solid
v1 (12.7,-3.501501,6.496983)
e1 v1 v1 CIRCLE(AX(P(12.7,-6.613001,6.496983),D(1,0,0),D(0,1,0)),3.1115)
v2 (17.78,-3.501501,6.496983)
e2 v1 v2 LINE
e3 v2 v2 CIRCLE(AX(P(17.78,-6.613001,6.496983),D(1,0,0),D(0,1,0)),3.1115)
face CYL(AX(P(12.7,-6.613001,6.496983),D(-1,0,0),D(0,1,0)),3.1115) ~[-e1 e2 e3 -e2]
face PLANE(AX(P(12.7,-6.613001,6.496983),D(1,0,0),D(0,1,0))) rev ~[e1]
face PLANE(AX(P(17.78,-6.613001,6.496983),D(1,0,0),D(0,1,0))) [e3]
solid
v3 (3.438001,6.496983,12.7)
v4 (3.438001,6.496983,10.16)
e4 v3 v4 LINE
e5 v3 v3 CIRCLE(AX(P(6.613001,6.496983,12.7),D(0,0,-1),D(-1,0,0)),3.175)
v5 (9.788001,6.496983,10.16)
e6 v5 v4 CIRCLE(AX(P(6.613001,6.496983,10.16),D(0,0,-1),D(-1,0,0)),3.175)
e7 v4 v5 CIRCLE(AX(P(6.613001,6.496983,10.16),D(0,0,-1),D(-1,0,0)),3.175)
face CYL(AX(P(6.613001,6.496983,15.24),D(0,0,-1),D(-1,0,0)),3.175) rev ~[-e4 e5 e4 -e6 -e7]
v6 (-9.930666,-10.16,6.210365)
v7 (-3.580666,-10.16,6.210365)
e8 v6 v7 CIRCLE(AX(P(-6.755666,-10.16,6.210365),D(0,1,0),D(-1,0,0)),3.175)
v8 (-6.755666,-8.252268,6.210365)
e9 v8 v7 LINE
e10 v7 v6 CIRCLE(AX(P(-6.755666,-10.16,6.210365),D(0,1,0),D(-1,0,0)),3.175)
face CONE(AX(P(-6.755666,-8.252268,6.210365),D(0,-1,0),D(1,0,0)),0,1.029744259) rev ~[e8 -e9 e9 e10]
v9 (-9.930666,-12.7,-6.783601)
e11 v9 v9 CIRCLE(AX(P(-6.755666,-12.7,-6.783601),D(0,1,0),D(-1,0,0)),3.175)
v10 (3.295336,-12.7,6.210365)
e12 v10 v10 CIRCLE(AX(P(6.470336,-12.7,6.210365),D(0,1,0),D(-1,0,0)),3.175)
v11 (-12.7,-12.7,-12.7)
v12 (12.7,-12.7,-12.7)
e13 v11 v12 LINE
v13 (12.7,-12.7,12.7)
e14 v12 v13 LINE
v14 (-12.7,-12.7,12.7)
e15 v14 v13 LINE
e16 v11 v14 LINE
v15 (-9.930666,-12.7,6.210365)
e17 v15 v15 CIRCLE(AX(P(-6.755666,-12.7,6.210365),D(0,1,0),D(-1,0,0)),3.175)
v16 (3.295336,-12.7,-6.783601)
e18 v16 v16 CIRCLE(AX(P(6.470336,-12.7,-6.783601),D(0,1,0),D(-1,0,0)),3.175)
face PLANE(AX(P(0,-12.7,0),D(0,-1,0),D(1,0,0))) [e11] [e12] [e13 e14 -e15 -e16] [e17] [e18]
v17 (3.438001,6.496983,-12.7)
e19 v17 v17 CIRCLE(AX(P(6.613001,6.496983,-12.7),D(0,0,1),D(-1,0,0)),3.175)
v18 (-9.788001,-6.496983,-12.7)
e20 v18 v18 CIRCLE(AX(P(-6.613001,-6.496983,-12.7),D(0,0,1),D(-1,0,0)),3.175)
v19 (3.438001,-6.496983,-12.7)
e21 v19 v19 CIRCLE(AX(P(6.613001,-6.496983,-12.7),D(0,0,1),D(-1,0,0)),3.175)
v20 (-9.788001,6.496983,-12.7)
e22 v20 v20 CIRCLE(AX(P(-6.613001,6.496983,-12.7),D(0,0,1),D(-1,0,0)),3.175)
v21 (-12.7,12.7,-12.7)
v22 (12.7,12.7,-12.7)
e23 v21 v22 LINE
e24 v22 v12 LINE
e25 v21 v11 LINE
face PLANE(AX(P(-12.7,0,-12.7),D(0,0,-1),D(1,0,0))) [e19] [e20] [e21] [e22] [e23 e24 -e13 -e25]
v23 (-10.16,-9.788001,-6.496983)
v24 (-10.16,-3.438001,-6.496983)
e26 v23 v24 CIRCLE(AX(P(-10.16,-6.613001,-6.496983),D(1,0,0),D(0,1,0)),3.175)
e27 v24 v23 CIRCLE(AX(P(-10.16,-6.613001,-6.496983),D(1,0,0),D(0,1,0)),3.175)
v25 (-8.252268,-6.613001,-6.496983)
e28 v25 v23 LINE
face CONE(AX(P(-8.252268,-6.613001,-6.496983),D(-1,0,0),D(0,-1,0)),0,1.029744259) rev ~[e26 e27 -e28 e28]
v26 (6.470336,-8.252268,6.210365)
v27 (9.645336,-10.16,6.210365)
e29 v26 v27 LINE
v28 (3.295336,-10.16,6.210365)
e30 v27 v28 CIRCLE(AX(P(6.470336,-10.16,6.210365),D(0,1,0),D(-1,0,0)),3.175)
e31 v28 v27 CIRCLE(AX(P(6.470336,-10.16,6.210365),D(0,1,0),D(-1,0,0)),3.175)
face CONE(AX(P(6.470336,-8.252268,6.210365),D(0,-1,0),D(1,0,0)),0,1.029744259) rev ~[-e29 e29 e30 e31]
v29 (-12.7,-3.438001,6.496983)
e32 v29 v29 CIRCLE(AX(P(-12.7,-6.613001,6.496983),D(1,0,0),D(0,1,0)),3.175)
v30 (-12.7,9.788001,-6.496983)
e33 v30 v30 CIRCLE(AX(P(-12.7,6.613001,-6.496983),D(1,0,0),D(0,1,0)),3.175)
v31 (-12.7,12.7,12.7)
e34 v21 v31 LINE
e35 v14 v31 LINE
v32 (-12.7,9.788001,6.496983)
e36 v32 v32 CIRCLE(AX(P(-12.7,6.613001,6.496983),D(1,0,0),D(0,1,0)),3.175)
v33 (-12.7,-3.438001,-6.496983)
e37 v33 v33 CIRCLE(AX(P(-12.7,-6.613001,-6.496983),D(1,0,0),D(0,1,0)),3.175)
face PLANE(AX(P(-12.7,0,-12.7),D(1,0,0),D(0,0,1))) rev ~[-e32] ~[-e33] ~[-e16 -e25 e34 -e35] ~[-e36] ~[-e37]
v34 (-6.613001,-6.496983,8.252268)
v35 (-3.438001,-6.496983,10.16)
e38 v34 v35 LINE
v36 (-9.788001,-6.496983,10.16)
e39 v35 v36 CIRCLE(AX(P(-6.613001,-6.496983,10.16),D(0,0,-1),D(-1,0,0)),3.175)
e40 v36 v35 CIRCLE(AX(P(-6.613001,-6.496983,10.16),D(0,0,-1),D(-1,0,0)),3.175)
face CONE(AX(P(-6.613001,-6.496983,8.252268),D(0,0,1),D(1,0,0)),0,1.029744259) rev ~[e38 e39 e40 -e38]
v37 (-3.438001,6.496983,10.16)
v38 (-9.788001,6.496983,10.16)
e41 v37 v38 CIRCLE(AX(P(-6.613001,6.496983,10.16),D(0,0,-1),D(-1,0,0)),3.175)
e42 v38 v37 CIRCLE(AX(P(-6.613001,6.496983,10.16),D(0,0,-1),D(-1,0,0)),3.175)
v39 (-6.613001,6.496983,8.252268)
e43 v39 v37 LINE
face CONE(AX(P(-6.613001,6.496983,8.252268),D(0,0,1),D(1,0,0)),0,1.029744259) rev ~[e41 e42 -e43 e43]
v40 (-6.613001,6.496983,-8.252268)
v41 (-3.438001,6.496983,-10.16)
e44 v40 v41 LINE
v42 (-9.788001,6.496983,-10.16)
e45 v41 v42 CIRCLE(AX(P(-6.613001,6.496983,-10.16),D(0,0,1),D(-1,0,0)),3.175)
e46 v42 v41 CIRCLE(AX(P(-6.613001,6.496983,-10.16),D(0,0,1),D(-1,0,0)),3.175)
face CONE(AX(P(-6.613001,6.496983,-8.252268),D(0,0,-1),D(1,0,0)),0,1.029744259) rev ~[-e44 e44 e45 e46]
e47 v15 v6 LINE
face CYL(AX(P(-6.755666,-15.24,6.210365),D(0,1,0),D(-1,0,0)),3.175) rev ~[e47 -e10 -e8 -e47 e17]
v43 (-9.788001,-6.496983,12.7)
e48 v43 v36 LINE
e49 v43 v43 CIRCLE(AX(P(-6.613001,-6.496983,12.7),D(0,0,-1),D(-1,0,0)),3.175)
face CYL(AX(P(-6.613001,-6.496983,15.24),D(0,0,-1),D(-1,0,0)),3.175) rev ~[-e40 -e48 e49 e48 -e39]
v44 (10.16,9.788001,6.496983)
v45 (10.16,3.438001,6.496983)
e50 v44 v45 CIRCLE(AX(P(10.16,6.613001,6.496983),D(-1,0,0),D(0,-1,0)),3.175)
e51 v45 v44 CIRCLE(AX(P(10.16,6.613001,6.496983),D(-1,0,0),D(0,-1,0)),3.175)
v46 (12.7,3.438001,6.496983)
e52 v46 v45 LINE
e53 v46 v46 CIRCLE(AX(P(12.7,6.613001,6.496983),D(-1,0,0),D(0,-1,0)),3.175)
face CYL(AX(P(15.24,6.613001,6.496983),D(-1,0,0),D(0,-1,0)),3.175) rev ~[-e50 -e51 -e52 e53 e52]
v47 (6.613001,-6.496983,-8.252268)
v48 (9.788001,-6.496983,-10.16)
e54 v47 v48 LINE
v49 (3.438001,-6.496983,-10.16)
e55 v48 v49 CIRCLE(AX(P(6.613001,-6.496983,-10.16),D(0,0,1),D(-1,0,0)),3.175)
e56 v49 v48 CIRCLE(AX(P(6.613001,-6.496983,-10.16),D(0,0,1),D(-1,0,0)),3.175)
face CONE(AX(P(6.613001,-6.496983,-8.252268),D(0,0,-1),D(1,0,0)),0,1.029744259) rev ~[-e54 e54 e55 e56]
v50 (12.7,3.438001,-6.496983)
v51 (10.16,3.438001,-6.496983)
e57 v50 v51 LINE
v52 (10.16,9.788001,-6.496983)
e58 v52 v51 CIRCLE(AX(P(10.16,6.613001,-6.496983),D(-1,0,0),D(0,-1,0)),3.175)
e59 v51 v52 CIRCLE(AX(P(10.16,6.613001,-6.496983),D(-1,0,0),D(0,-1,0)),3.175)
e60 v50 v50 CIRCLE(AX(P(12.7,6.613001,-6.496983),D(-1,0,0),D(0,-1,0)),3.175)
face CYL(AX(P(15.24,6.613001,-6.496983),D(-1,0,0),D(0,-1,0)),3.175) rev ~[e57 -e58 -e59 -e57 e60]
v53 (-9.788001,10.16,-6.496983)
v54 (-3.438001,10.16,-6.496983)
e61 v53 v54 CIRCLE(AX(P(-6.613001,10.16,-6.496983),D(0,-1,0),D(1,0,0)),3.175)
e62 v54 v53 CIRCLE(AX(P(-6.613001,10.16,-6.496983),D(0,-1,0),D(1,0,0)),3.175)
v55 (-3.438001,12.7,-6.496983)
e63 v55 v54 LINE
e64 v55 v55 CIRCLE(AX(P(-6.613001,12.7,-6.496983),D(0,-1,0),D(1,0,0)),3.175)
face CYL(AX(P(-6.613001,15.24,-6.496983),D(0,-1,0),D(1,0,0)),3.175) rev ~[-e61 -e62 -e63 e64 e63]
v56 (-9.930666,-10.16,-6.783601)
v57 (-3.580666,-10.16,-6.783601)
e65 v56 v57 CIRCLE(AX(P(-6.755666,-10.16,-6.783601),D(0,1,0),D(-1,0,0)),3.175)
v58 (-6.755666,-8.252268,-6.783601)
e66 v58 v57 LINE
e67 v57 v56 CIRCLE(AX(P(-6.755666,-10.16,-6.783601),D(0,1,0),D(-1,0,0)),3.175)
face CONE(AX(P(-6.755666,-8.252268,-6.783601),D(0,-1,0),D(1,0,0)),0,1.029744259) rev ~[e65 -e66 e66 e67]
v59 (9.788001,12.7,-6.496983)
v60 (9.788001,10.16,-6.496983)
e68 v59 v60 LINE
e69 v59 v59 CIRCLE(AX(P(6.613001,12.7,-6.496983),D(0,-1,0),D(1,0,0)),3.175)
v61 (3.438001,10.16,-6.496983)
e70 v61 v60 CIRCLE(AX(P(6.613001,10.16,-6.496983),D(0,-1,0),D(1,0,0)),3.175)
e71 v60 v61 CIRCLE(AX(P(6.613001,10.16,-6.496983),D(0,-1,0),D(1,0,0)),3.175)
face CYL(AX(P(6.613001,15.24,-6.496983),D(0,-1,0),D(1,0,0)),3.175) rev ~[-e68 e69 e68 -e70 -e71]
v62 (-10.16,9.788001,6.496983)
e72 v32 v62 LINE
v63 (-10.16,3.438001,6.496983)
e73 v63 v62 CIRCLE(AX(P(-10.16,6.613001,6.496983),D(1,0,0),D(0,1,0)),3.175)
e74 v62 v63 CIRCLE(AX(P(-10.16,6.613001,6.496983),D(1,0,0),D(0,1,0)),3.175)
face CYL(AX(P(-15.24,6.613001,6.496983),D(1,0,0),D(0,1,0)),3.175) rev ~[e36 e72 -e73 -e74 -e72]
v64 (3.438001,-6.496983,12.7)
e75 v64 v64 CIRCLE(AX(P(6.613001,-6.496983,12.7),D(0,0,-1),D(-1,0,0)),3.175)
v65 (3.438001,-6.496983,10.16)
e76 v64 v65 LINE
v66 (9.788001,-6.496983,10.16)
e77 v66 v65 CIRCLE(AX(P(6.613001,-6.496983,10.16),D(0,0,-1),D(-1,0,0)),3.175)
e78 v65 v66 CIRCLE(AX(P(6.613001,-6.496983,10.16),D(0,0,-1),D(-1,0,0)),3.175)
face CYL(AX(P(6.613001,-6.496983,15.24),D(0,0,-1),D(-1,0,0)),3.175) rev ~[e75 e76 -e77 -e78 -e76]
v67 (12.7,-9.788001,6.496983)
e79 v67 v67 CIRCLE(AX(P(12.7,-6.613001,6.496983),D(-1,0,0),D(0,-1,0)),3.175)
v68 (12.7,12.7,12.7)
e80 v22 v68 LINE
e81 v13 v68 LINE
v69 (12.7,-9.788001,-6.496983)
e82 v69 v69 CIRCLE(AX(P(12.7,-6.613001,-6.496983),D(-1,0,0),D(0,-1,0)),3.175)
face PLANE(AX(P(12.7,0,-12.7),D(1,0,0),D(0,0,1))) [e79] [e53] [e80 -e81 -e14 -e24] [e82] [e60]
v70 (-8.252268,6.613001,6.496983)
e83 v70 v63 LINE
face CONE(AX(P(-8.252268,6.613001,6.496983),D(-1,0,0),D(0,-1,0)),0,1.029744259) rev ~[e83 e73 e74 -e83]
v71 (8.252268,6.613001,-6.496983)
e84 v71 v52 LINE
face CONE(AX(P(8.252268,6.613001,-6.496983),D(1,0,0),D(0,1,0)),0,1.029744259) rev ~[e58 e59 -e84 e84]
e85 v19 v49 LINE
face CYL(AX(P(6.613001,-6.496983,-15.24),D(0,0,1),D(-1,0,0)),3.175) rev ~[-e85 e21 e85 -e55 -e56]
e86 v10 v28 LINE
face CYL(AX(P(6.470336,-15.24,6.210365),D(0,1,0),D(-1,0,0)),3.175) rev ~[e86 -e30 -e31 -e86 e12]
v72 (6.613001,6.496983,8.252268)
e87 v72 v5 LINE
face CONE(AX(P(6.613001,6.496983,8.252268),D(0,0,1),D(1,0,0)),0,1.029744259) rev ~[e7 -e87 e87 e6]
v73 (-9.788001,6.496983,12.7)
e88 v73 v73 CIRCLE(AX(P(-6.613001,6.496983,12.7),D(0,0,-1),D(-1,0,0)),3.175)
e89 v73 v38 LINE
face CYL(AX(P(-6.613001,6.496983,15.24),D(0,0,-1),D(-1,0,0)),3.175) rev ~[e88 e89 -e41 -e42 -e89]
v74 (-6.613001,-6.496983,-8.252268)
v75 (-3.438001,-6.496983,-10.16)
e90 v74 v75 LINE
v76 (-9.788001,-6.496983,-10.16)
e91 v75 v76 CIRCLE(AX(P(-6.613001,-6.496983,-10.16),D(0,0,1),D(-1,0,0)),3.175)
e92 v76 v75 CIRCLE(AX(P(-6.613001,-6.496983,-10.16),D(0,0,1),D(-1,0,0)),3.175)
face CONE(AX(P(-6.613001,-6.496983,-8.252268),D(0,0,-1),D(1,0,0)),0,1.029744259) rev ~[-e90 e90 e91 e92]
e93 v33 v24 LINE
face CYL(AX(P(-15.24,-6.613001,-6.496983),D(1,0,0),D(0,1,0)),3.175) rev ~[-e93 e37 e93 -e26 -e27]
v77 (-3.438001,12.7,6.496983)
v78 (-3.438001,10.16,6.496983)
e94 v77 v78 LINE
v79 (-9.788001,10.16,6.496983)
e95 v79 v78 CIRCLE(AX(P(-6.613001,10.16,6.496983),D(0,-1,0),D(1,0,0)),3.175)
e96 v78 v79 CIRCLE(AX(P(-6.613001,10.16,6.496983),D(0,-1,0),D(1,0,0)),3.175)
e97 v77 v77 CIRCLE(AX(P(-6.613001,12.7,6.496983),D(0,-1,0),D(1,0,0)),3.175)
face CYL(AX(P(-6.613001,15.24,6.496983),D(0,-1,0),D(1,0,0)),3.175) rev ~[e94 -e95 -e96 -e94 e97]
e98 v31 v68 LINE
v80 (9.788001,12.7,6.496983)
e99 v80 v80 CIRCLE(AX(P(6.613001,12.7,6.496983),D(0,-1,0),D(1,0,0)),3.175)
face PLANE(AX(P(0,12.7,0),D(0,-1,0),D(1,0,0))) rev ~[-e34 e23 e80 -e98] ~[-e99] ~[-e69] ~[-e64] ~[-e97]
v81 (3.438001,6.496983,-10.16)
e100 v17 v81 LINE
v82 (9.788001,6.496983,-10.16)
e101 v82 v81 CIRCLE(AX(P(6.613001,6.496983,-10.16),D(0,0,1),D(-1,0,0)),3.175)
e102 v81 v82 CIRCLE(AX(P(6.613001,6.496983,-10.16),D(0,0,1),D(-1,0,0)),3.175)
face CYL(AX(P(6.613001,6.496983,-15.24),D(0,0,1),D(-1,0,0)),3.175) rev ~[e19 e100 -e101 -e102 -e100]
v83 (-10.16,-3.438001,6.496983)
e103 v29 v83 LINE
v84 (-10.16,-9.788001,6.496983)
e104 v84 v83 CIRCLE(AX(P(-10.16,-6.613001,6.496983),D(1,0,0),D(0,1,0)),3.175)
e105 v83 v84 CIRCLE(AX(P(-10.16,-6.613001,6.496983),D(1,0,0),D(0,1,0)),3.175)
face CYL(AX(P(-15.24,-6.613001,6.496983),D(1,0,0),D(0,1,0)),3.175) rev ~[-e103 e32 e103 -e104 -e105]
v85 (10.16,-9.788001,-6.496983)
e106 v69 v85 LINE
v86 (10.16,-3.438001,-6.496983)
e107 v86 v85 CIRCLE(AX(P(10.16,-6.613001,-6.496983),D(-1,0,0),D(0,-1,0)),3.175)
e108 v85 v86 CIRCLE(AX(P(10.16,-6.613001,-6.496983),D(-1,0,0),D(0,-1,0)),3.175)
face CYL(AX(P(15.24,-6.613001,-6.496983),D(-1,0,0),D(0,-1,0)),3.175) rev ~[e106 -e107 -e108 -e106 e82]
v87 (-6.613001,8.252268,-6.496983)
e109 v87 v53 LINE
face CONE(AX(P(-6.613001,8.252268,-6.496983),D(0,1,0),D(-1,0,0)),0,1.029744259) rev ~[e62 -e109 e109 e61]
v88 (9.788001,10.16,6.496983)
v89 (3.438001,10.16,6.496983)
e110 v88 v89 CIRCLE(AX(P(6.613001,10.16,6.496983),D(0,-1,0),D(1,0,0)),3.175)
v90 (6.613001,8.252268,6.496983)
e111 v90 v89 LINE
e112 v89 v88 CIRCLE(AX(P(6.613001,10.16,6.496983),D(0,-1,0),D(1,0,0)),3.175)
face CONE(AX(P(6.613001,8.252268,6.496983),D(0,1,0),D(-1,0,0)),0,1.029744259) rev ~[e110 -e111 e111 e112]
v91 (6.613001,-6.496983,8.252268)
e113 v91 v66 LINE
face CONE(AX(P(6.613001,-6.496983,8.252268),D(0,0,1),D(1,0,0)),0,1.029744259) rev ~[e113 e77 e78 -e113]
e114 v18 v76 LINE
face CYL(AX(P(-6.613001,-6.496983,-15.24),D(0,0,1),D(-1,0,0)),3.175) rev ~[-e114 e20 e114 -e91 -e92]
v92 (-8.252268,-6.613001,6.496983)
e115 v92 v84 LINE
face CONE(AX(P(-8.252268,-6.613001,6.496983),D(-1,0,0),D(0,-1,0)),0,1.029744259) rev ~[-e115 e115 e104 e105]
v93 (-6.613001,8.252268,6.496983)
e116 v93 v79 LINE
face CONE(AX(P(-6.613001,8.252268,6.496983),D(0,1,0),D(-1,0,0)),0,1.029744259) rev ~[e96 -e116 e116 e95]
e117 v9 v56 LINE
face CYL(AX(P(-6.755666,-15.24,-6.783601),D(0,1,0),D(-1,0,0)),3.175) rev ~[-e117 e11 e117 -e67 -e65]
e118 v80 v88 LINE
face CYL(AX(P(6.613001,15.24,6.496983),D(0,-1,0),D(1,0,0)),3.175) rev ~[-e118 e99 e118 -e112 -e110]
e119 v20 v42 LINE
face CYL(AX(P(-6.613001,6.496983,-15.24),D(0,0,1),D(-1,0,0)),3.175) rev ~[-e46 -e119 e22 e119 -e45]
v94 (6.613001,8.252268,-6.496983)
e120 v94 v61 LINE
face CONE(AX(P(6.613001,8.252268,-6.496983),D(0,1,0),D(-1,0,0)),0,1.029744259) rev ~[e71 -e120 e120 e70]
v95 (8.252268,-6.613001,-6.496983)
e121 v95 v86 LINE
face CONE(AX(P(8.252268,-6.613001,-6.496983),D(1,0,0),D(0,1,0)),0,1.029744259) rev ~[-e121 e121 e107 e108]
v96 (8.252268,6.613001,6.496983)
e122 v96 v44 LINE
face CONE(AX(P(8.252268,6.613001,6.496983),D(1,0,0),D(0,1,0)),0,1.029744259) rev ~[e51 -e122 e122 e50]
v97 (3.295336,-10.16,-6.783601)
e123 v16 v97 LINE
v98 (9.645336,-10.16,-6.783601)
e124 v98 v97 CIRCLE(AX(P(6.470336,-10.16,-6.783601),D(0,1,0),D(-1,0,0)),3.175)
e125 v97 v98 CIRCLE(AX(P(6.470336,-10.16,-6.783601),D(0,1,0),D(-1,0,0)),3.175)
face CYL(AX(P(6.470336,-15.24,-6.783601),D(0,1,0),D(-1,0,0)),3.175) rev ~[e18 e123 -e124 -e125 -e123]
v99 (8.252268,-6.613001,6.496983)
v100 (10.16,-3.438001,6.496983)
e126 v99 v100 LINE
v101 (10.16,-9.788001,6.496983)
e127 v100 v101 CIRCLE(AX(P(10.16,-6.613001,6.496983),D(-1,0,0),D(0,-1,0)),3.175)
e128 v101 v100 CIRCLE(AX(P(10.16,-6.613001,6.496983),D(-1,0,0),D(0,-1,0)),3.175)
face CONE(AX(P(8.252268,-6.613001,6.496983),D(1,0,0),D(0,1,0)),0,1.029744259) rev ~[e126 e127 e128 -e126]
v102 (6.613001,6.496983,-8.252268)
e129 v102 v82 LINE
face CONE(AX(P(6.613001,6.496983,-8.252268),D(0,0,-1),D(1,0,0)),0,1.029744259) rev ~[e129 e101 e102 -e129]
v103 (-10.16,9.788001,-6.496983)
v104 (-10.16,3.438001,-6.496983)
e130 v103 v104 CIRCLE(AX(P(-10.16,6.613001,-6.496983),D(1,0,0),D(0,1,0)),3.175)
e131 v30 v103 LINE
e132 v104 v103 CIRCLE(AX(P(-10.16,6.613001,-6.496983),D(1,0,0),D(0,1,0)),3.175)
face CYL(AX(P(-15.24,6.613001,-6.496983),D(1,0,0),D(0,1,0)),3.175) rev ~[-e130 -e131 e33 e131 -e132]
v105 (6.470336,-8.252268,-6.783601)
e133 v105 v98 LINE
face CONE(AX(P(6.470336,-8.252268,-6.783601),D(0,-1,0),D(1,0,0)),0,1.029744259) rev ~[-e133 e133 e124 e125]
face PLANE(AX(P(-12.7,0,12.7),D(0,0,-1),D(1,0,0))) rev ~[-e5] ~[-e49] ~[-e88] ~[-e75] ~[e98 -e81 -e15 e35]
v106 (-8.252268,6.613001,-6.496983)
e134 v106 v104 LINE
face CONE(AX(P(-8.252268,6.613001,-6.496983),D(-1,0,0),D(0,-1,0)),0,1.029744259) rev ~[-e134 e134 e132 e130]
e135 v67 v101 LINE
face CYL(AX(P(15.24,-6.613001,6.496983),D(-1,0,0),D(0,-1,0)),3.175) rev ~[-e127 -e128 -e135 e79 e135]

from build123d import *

# Parameters (mm, degrees)
F0_W      = 25.4
F0_H      = 25.4
F1_DEPTH  = 12.7
F3_D      = 6.35
F3_DEPTH  = 2.54
F3_TIP    = 1.9077324654
F5_D      = 6.35
F5_DEPTH  = 2.54
F5_TIP    = 1.9077324654
F7_D      = 6.35
F7_DEPTH  = 2.54
F7_TIP    = 1.9077324654
F9_D      = 6.35
F9_DEPTH  = 2.54
F9_TIP    = 1.9077324654
F11_D     = 6.35
F11_DEPTH = 2.54
F11_TIP   = 1.9077324654
F13_D     = 6.35
F13_DEPTH = 2.54
F13_TIP   = 1.9077324654
F14_R     = 3.1115
F15_DEPTH = 5.08


with BuildPart() as f1:
    # F0 (on Front) → F1 (new body, symmetric)
    with BuildSketch(Plane.XZ):
        Rectangle(F0_W, F0_H)
    extrude(amount=F1_DEPTH, both=True)

    # F3
    with Locations(Plane.XZ.offset(12.7)):
        with Locations((-6.755665876, 6.210364867), (6.4703356475, 6.210364867), (6.4703356475, -6.7836008966), (-6.755665876, -6.7836008966)):
            Hole(F3_D / 2, depth=F3_DEPTH)
            with Locations((0, 0, -(F3_DEPTH + F3_TIP / 2))):  # 118° drill point
                Cone(0, F3_D / 2, F3_TIP, mode=Mode.SUBTRACT)

    # F5
    with Locations(Plane.YZ.offset(12.7)):
        with Locations((-6.6130007617, 6.4969828818), (6.6130007617, 6.4969828818), (6.6130007617, -6.4969828818), (-6.6130007617, -6.4969828818)):
            Hole(F5_D / 2, depth=F5_DEPTH)
            with Locations((0, 0, -(F5_DEPTH + F5_TIP / 2))):  # 118° drill point
                Cone(0, F5_D / 2, F5_TIP, mode=Mode.SUBTRACT)

    # F7
    with Locations(Plane(origin=(0, 12.7, 0), x_dir=(-1, 0, 0), z_dir=(0, 1, 0))):
        with Locations((-6.6130007617, 6.4969828818), (6.6130007617, 6.4969828818), (6.6130007617, -6.4969828818), (-6.6130007617, -6.4969828818)):
            Hole(F7_D / 2, depth=F7_DEPTH)
            with Locations((0, 0, -(F7_DEPTH + F7_TIP / 2))):  # 118° drill point
                Cone(0, F7_D / 2, F7_TIP, mode=Mode.SUBTRACT)

    # F9
    with Locations(Plane(origin=(-12.7, 0, 0), x_dir=(0, -1, 0), z_dir=(-1, 0, 0))):
        with Locations((-6.6130007617, 6.4969828818), (6.6130007617, 6.4969828818), (6.6130007617, -6.4969828818), (-6.6130007617, -6.4969828818)):
            Hole(F9_D / 2, depth=F9_DEPTH)
            with Locations((0, 0, -(F9_DEPTH + F9_TIP / 2))):  # 118° drill point
                Cone(0, F9_D / 2, F9_TIP, mode=Mode.SUBTRACT)

    # F11
    with Locations(Plane.XY.offset(12.7)):
        with Locations((-6.6130007617, 6.4969828818), (6.6130007617, 6.4969828818), (6.6130007617, -6.4969828818), (-6.6130007617, -6.4969828818)):
            Hole(F11_D / 2, depth=F11_DEPTH)
            with Locations((0, 0, -(F11_DEPTH + F11_TIP / 2))):  # 118° drill point
                Cone(0, F11_D / 2, F11_TIP, mode=Mode.SUBTRACT)

    # F13
    with Locations(Plane(origin=(0, 0, -12.7), x_dir=(1, 0, 0), z_dir=(0, 0, -1))):
        with Locations((-6.6130007617, 6.4969828818), (6.6130007617, 6.4969828818), (6.6130007617, -6.4969828818), (-6.6130007617, -6.4969828818)):
            Hole(F13_D / 2, depth=F13_DEPTH)
            with Locations((0, 0, -(F13_DEPTH + F13_TIP / 2))):  # 118° drill point
                Cone(0, F13_D / 2, F13_TIP, mode=Mode.SUBTRACT)


with BuildPart() as f15:
    # F14 (on face) → F15 (new body)
    with BuildSketch(Plane.YZ.offset(12.7)):
        with Locations((-6.6130007617, 6.4969828818)):
            Circle(F14_R)
    extrude(amount=F15_DEPTH)


solid = Compound([f1.part, f15.part])
